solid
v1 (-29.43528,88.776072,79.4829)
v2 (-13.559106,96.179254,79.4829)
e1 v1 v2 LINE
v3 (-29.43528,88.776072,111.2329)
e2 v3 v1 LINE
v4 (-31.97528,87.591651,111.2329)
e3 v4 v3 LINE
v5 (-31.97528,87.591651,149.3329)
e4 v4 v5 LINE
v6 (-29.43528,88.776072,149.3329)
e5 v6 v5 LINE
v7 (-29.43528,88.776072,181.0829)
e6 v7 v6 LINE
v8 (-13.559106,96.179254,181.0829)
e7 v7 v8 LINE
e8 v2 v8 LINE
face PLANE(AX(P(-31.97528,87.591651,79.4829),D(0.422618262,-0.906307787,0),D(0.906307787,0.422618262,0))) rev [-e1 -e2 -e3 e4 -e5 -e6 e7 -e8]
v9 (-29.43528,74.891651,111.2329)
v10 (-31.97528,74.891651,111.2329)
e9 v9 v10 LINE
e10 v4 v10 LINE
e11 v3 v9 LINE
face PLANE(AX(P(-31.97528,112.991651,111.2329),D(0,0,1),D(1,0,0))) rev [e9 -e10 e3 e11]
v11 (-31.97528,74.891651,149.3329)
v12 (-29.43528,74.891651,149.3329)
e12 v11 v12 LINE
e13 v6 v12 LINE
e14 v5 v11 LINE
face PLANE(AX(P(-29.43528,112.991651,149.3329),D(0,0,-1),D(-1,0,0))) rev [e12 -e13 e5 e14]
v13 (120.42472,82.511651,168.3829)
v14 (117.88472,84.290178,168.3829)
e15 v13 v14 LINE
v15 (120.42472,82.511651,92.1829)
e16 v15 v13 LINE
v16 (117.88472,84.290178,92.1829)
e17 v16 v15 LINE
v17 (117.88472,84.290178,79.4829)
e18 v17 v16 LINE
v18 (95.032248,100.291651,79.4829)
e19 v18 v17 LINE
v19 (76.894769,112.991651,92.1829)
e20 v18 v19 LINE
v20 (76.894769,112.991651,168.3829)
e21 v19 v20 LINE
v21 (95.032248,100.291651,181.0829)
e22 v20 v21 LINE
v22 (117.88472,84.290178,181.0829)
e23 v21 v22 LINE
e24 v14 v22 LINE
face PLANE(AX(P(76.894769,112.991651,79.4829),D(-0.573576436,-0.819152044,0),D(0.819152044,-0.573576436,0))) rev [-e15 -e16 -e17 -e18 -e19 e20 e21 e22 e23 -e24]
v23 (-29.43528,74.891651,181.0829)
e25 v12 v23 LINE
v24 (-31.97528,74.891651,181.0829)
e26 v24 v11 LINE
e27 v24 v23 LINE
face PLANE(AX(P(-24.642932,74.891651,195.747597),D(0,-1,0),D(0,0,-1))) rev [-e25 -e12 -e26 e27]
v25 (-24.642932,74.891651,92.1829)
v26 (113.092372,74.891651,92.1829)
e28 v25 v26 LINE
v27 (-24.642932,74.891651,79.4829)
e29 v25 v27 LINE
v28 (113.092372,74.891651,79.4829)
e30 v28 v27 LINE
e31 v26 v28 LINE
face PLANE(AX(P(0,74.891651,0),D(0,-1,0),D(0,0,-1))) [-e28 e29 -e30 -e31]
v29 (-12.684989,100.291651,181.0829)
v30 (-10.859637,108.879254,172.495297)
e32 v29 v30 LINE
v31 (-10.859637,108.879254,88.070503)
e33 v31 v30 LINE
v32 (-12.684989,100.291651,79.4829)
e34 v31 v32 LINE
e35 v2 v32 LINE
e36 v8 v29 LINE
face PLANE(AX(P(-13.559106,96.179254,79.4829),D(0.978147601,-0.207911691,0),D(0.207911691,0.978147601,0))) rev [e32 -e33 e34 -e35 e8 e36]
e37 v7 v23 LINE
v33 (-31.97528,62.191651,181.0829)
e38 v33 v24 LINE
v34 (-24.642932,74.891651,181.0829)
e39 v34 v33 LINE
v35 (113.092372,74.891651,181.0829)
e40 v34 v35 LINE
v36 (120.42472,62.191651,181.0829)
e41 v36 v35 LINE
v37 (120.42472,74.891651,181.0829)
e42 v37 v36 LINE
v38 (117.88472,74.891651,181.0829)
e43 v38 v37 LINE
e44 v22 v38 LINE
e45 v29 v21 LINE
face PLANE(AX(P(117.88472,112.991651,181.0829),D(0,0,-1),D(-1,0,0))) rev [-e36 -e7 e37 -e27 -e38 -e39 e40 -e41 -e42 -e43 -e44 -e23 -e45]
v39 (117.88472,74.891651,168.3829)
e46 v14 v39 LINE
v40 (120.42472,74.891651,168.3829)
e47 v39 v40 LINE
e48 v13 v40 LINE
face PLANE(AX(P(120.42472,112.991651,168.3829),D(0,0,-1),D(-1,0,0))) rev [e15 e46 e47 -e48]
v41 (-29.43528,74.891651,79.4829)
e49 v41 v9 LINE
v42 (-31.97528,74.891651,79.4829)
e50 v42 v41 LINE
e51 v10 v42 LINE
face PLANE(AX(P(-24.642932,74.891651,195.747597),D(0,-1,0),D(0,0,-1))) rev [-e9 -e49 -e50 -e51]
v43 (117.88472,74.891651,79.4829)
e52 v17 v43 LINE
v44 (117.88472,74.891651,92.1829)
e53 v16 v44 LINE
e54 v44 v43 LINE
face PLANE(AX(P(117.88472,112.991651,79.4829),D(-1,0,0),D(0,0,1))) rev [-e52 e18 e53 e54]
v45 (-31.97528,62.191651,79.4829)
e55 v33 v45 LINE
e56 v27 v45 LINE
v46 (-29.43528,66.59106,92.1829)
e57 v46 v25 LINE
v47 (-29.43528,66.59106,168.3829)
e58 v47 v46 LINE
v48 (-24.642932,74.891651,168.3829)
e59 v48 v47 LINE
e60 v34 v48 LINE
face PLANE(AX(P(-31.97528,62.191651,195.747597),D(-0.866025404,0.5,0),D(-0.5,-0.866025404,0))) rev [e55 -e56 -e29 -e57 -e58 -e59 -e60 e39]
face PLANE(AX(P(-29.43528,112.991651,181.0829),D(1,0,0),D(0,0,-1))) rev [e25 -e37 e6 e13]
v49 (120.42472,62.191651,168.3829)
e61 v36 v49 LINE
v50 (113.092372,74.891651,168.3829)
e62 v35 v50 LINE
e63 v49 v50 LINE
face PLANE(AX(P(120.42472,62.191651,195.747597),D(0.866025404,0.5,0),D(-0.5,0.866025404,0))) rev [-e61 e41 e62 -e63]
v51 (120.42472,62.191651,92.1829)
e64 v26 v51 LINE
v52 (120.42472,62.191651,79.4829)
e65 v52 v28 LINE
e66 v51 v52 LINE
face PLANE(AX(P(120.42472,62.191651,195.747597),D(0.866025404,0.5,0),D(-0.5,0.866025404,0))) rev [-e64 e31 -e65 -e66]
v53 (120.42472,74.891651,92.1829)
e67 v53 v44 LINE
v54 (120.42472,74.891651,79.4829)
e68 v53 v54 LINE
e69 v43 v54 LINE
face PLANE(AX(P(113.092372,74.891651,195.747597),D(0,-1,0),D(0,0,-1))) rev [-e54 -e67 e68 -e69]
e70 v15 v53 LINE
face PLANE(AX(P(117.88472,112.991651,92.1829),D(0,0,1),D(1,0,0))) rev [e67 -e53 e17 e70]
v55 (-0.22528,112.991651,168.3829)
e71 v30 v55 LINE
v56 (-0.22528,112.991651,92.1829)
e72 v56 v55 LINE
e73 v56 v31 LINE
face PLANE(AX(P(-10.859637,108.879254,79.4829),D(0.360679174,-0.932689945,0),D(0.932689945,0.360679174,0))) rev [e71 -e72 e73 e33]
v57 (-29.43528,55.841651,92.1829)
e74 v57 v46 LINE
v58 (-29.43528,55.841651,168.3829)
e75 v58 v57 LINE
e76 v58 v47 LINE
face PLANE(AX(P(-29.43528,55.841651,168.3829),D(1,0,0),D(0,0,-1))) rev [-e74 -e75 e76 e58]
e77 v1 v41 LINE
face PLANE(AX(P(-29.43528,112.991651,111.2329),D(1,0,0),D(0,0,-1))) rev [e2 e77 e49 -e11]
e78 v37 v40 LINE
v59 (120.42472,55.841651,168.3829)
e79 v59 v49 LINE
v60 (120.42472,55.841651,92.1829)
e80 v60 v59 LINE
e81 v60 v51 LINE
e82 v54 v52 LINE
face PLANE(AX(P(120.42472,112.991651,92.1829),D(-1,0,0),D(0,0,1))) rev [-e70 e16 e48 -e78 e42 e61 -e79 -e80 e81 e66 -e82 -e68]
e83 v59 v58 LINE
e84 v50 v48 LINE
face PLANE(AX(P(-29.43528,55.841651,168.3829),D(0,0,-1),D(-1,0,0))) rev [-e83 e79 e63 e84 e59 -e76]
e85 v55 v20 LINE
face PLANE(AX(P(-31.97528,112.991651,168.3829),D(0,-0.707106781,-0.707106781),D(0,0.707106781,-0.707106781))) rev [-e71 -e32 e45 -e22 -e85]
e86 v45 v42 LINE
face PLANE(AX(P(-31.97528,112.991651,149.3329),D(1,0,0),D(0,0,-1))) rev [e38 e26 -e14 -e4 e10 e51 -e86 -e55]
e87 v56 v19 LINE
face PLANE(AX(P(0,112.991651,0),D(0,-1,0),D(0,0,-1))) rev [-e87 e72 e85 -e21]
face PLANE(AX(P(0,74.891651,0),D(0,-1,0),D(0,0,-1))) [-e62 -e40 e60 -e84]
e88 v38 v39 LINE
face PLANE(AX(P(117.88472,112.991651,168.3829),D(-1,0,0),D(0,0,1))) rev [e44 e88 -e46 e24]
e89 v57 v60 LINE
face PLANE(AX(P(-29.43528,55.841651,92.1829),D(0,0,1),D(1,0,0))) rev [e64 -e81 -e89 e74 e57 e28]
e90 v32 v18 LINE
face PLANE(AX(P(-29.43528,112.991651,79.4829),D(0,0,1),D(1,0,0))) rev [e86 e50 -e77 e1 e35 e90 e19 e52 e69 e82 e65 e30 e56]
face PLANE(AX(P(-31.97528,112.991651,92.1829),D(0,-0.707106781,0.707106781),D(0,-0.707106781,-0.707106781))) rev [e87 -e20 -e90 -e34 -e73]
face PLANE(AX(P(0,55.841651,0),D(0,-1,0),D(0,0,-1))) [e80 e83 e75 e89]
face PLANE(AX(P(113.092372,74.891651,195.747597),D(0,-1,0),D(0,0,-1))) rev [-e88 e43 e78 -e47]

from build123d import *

# Parameters (mm, degrees)
BOSS_EXTRUDE1_DEPTH             = 38.1
CUT_EXTRUDE1_DEPTH              = 100.190170884
CUT_EXTRUDE1_DEPTH_BACK         = 100.190170884
BOSS_EXTRUDE2_REACH             = 101.19
BOSS_EXTRUDE2_DIRECTION_2_REACH = 101.19
CUT_EXTRUDE2_DEPTH              = 100.190170884
CUT_EXTRUDE2_DEPTH_BACK         = 100.190170884
SKETCH5_W                       = 149.86
SKETCH5_H                       = 76.2
BOSS_EXTRUDE4_DEPTH             = 19.05


with BuildPart() as part:
    # Sketch1 → Boss-Extrude1 (new body)
    with BuildSketch(Plane(origin=(44.224720049, 74.891650501, 130.282900288), x_dir=(1, 0, 0), z_dir=(0, 1, 0))):
        Polygon((-73.66, -50.8), (-73.66, -19.05), (-76.2, -19.05), (-76.2, 19.05), (-73.66, 19.05), (-73.66, 50.8), (73.66, 50.8), (73.66, 38.1), (76.2, 38.1), (76.2, -38.1), (73.66, -38.1), (73.66, -50.8), align=None)
    extrude(amount=BOSS_EXTRUDE1_DEPTH)

    # Sketch2 → Cut-Extrude1 (cut, two sides: drawn at the far end of the back side and taken through both)
    with BuildSketch(Plane(origin=(44.224720049, 74.891650501, 130.282900288), x_dir=(1, 0, 0), z_dir=(0, 0, 1)).offset(-CUT_EXTRUDE1_DEPTH_BACK)):
        Polygon((-76.2, 12.7), (-57.783825767, 21.287603079), (-55.084357434, 33.987603079), (-44.45, 38.1), (-76.2, 38.1), align=None)
        Polygon((32.670048754, 38.1), (76.2, 7.62), (76.2, 38.1), align=None)
    extrude(amount=CUT_EXTRUDE1_DEPTH + CUT_EXTRUDE1_DEPTH_BACK, mode=Mode.SUBTRACT)

    # Boss-Extrude2: up to this face of the body (flat: up to its plane)
    boss_extrude2_end = Plane(part.part.faces().sort_by_distance((41.857775963, 91.970339861, 181.082900288))[0])
    # Sketch3 → Boss-Extrude2 (add, up to the picked face)
    with BuildSketch(Plane(origin=(44.224720049, 74.891650501, 130.282900288), x_dir=(1, 0, 0), z_dir=(0, 0, 1)), mode=Mode.PRIVATE) as boss_extrude2_sk1:
        Polygon((-76.2, 0), (-76.2, -12.7), (-68.867651581, 0), align=None)
    boss_extrude2_tool1 = split(extrude(boss_extrude2_sk1.sketch, amount=BOSS_EXTRUDE2_REACH, mode=Mode.PRIVATE), bisect_by=boss_extrude2_end, keep=Keep.BOTH, mode=Mode.PRIVATE)
    # Sketch3 → Boss-Extrude2 (add, up to the picked face)
    with BuildSketch(Plane(origin=(44.224720049, 74.891650501, 130.282900288), x_dir=(1, 0, 0), z_dir=(0, 0, 1)), mode=Mode.PRIVATE) as boss_extrude2_sk2:
        Polygon((76.2, 0), (76.2, -12.7), (68.867651581, 0), align=None)
    boss_extrude2_tool2 = split(extrude(boss_extrude2_sk2.sketch, amount=BOSS_EXTRUDE2_REACH, mode=Mode.PRIVATE), bisect_by=boss_extrude2_end, keep=Keep.BOTH, mode=Mode.PRIVATE)
    add(boss_extrude2_tool1.solids().sort_by(Axis((-29.531164, 70.658317, 130.2829), (0, 0, 1)))[0])
    add(boss_extrude2_tool2.solids().sort_by(Axis((117.980604, 70.658317, 130.2829), (0, 0, 1)))[0])

    # Boss-Extrude2 direction 2: up to this face of the body (flat: up to its plane)
    boss_extrude2_direction_2_end = Plane(part.part.faces().sort_by_distance((41.857775963, 91.970339861, 79.482900288))[0])
    # Sketch3 → Boss-Extrude2 direction 2 (add, up to the picked face)
    with BuildSketch(Plane(origin=(44.224720049, 74.891650501, 130.282900288), x_dir=(1, 0, 0), z_dir=(0, 0, 1)), mode=Mode.PRIVATE) as boss_extrude2_direction_2_sk1:
        Polygon((-76.2, 0), (-76.2, -12.7), (-68.867651581, 0), align=None)
    boss_extrude2_direction_2_tool1 = split(extrude(boss_extrude2_direction_2_sk1.sketch, amount=-BOSS_EXTRUDE2_DIRECTION_2_REACH, mode=Mode.PRIVATE), bisect_by=boss_extrude2_direction_2_end, keep=Keep.BOTH, mode=Mode.PRIVATE)
    # Sketch3 → Boss-Extrude2 direction 2 (add, up to the picked face)
    with BuildSketch(Plane(origin=(44.224720049, 74.891650501, 130.282900288), x_dir=(1, 0, 0), z_dir=(0, 0, 1)), mode=Mode.PRIVATE) as boss_extrude2_direction_2_sk2:
        Polygon((76.2, 0), (76.2, -12.7), (68.867651581, 0), align=None)
    boss_extrude2_direction_2_tool2 = split(extrude(boss_extrude2_direction_2_sk2.sketch, amount=-BOSS_EXTRUDE2_DIRECTION_2_REACH, mode=Mode.PRIVATE), bisect_by=boss_extrude2_direction_2_end, keep=Keep.BOTH, mode=Mode.PRIVATE)
    add(boss_extrude2_direction_2_tool1.solids().sort_by(Axis((-29.531164, 70.658317, 130.2829), (0, 0, -1)))[0])
    add(boss_extrude2_direction_2_tool2.solids().sort_by(Axis((117.980604, 70.658317, 130.2829), (0, 0, -1)))[0])

    # Sketch4 → Cut-Extrude2 (cut, two sides: drawn at the far end of the back side and taken through both)
    with BuildSketch(Plane(origin=(44.224720049, 74.891650501, 130.282900288), x_dir=(0, 0, -1), z_dir=(1, 0, 0)).offset(-CUT_EXTRUDE2_DEPTH_BACK)):
        Polygon((-38.1, 38.1), (-50.8, 25.4), (-50.8, 38.1), align=None)
        Polygon((38.1, 38.1), (50.8, 25.4), (50.8, 38.1), align=None)
    extrude(amount=CUT_EXTRUDE2_DEPTH + CUT_EXTRUDE2_DEPTH_BACK, mode=Mode.SUBTRACT)

    # Sketch5 → Boss-Extrude4 (add)
    with BuildSketch(Plane.XZ.offset(-74.891650501)):
        with Locations((45.494720049, 130.282900288)):
            Rectangle(SKETCH5_W, SKETCH5_H)
    extrude(amount=BOSS_EXTRUDE4_DEPTH)


solid = part.part
